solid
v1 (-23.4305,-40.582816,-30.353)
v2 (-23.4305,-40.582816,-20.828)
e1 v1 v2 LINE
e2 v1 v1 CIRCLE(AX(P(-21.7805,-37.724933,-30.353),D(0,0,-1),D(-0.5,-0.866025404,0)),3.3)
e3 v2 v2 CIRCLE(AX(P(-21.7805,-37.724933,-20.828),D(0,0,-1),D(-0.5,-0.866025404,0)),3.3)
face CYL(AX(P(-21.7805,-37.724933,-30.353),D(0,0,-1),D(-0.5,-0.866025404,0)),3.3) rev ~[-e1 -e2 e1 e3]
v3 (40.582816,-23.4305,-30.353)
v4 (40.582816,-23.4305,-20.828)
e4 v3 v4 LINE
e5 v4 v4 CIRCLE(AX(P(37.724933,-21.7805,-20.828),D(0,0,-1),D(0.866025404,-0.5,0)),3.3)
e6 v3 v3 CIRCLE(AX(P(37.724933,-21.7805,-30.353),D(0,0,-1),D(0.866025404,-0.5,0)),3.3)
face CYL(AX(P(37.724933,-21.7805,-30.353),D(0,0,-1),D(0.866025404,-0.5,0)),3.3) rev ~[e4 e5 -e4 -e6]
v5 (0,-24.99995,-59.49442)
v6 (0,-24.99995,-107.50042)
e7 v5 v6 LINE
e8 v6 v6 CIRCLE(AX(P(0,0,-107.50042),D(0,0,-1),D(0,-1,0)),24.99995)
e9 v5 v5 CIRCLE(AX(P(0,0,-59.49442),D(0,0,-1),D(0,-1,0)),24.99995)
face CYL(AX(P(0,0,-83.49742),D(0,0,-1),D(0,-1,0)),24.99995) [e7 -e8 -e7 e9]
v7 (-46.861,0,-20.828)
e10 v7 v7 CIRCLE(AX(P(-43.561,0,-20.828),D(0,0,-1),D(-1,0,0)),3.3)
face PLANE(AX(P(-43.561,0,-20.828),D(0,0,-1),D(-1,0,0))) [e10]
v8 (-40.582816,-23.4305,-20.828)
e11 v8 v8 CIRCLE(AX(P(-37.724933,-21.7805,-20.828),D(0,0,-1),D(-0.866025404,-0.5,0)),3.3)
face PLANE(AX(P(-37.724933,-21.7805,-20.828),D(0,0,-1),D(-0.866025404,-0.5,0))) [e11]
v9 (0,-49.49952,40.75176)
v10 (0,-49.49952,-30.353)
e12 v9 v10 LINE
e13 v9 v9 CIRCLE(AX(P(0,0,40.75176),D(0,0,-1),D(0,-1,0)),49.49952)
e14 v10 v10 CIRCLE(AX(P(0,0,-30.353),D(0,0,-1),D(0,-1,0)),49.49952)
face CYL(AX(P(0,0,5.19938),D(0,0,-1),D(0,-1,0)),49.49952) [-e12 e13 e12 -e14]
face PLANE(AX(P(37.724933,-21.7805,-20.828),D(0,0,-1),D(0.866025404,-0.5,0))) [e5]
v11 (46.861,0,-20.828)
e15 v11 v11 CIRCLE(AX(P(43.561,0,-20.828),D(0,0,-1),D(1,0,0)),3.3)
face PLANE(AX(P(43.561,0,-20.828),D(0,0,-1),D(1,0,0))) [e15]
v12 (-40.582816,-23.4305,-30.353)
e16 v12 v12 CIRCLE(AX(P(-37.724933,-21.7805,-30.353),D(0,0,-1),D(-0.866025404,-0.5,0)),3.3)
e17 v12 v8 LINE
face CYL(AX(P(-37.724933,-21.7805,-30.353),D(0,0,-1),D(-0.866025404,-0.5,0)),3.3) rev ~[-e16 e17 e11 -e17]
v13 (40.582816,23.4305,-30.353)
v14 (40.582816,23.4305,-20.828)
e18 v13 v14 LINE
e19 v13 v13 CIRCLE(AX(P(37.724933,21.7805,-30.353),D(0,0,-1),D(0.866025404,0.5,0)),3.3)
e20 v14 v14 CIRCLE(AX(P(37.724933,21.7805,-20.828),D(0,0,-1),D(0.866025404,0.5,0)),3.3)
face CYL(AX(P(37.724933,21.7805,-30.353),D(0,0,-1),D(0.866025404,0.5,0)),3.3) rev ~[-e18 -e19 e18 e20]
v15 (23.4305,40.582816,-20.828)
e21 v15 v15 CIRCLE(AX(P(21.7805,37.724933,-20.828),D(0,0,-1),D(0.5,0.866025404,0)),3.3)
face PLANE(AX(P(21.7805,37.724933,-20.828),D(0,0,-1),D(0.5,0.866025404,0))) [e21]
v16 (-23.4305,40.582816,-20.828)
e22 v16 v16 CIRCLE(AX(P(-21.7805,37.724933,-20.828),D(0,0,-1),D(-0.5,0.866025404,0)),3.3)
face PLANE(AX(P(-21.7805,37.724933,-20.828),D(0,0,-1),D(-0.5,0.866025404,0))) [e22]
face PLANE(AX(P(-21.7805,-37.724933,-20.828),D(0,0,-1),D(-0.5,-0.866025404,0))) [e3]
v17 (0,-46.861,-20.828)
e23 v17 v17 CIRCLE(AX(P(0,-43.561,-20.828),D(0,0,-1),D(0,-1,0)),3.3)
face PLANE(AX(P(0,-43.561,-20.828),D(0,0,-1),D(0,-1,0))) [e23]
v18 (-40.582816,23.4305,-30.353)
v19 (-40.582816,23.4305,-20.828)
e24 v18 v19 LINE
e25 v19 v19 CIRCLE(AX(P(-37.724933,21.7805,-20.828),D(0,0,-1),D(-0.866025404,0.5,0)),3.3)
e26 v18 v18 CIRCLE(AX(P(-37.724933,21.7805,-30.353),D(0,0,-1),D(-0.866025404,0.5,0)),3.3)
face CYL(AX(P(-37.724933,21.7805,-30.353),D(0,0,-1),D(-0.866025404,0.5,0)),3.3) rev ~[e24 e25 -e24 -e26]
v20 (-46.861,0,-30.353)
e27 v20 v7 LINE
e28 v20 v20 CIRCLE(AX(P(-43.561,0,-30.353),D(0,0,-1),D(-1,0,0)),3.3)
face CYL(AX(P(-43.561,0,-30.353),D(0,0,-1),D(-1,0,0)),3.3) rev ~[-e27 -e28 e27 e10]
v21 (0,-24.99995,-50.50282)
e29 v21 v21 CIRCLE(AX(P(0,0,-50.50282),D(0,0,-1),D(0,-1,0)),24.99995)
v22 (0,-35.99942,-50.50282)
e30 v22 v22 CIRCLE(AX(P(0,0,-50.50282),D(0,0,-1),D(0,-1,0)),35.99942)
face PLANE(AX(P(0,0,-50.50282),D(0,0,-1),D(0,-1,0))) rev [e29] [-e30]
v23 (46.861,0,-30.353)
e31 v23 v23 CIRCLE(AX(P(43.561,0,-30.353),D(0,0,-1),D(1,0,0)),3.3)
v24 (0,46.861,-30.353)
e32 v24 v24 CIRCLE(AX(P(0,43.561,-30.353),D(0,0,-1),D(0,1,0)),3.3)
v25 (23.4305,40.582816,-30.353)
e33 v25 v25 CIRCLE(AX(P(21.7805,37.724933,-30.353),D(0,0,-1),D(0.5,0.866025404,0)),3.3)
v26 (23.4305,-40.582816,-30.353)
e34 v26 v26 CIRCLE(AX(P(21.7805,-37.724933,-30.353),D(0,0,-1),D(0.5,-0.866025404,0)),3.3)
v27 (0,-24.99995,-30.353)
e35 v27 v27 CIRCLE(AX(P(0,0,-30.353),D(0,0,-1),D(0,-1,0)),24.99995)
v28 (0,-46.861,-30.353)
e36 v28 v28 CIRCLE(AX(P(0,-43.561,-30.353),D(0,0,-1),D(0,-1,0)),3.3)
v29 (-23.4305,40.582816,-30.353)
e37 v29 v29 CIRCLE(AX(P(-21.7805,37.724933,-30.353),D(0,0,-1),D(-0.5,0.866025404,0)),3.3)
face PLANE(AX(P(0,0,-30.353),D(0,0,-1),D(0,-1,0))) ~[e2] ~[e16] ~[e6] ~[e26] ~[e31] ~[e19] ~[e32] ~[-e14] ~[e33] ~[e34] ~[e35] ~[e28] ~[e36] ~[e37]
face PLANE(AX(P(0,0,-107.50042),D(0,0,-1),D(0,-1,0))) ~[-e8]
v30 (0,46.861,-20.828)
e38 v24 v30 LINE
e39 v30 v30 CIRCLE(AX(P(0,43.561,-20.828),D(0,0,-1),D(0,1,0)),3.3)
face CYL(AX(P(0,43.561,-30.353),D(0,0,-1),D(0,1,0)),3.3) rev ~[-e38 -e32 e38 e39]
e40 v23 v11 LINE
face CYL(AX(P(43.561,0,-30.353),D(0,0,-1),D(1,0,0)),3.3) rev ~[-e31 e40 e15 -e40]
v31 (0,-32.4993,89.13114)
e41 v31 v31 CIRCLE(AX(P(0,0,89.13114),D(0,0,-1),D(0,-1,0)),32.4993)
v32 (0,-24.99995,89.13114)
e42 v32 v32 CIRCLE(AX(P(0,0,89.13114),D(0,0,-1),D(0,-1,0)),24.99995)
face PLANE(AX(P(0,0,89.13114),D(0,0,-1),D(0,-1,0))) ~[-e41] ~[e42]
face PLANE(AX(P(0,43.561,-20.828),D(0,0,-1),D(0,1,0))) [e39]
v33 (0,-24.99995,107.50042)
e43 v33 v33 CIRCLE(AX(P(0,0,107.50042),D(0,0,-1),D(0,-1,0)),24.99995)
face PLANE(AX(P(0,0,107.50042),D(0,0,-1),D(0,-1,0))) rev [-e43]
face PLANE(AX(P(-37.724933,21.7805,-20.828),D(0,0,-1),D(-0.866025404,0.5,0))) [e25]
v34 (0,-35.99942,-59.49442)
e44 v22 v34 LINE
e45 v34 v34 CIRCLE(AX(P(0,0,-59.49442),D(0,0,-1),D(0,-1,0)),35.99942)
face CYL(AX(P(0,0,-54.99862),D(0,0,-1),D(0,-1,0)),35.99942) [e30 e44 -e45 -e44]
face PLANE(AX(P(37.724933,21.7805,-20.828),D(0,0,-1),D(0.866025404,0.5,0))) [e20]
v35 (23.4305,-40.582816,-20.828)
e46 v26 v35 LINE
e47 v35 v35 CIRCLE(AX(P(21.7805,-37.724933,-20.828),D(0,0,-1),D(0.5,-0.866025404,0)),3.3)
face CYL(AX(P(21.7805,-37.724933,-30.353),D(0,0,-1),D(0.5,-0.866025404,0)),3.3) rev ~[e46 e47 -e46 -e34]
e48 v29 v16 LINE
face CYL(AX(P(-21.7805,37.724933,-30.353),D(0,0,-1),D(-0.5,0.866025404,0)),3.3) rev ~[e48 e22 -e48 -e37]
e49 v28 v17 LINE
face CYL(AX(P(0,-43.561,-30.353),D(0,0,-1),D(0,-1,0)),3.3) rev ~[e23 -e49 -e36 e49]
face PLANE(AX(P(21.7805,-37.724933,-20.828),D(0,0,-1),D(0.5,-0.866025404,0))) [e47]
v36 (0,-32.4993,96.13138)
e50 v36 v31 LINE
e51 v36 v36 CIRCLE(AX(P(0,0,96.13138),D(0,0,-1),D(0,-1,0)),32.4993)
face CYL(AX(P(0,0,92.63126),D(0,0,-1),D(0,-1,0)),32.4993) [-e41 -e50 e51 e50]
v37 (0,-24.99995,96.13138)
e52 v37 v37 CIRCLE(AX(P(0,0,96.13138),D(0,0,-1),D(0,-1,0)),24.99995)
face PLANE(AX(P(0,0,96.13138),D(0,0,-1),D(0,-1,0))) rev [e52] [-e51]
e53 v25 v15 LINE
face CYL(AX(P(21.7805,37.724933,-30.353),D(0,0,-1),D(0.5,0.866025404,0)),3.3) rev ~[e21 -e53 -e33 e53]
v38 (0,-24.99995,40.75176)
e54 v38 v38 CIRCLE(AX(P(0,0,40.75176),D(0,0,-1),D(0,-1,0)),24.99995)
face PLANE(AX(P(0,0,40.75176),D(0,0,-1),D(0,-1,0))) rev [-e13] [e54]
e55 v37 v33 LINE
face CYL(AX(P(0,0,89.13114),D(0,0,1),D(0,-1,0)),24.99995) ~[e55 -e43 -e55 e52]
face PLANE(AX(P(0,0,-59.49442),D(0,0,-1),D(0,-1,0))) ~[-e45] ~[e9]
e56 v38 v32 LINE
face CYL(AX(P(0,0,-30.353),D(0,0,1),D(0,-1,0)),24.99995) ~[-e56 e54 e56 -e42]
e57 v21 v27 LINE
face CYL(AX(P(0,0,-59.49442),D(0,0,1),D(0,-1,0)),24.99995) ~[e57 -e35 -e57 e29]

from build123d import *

# Parameters (mm, degrees)
SKETCH1_W          = 11.36904
SKETCH1_H          = 24.99995
SKETCH1_W_2        = 7.00024
SKETCH1_H_2        = 7.49935
SKETCH1_W_3        = 48.37938
SKETCH1_W_4        = 71.10476
SKETCH1_H_3        = 24.49957
SKETCH1_W_5        = 20.14982
SKETCH1_W_6        = 8.9916
SKETCH1_H_4        = 10.99947
SKETCH1_W_7        = 48.006
SKETCH2_R          = 3.3
CUT_EXTRUDE1_DEPTH = 9.525
CIRPATTERN2_COUNT  = 12


with BuildPart() as part:
    # Sketch1 → Revolve1 (revolve)
    with BuildSketch(Plane(origin=(0, 0, 0), x_dir=(0, 0, -1), z_dir=(1, 0, 0)), mode=Mode.PRIVATE) as revolve1_sk:
        with Locations((-101.8159, 12.499975)):
            Rectangle(SKETCH1_W, SKETCH1_H)
        with Locations((-92.63126, 12.499975)):
            Rectangle(SKETCH1_W_2, SKETCH1_H)
        with Locations((-92.63126, 28.749625)):
            Rectangle(SKETCH1_W_2, SKETCH1_H_2)
        with Locations((-64.94145, 12.499975)):
            Rectangle(SKETCH1_W_3, SKETCH1_H)
        with Locations((-5.19938, 12.499975)):
            Rectangle(SKETCH1_W_4, SKETCH1_H)
        with Locations((-5.19938, 37.249735)):
            Rectangle(SKETCH1_W_4, SKETCH1_H_3)
        with Locations((40.42791, 12.499975)):
            Rectangle(SKETCH1_W_5, SKETCH1_H)
        with Locations((54.99862, 12.499975)):
            Rectangle(SKETCH1_W_6, SKETCH1_H)
        with Locations((54.99862, 30.499685)):
            Rectangle(SKETCH1_W_6, SKETCH1_H_4)
        with Locations((83.49742, 12.499975)):
            Rectangle(SKETCH1_W_7, SKETCH1_H)
    revolve(revolve1_sk.sketch.rotate(Axis((0, 0, 107.50042), (0, 0, -1)), 180), axis=Axis((0, 0, 107.50042), (0, 0, -1)))

    # Sketch2 → Cut-Extrude1 (cut)
    with BuildSketch(Plane(origin=(0, 0, -30.353), x_dir=(-1, 0, 0), z_dir=(0, 0, -1))):
        with Locations(Location((0, 43.561, 0), (0, 0, 90))):
            Circle(SKETCH2_R)
    cut_extrude1 = extrude(amount=-CUT_EXTRUDE1_DEPTH, mode=Mode.SUBTRACT)

    # CirPattern2: Cut-Extrude1 ×12 about axis
    cirpattern2_axis = Axis((0, 0, 0), (0, 0, 1))
    for i in range(1, CIRPATTERN2_COUNT):
        add(cut_extrude1.rotate(cirpattern2_axis, i * 360 / CIRPATTERN2_COUNT), mode=Mode.SUBTRACT)


solid = part.part
